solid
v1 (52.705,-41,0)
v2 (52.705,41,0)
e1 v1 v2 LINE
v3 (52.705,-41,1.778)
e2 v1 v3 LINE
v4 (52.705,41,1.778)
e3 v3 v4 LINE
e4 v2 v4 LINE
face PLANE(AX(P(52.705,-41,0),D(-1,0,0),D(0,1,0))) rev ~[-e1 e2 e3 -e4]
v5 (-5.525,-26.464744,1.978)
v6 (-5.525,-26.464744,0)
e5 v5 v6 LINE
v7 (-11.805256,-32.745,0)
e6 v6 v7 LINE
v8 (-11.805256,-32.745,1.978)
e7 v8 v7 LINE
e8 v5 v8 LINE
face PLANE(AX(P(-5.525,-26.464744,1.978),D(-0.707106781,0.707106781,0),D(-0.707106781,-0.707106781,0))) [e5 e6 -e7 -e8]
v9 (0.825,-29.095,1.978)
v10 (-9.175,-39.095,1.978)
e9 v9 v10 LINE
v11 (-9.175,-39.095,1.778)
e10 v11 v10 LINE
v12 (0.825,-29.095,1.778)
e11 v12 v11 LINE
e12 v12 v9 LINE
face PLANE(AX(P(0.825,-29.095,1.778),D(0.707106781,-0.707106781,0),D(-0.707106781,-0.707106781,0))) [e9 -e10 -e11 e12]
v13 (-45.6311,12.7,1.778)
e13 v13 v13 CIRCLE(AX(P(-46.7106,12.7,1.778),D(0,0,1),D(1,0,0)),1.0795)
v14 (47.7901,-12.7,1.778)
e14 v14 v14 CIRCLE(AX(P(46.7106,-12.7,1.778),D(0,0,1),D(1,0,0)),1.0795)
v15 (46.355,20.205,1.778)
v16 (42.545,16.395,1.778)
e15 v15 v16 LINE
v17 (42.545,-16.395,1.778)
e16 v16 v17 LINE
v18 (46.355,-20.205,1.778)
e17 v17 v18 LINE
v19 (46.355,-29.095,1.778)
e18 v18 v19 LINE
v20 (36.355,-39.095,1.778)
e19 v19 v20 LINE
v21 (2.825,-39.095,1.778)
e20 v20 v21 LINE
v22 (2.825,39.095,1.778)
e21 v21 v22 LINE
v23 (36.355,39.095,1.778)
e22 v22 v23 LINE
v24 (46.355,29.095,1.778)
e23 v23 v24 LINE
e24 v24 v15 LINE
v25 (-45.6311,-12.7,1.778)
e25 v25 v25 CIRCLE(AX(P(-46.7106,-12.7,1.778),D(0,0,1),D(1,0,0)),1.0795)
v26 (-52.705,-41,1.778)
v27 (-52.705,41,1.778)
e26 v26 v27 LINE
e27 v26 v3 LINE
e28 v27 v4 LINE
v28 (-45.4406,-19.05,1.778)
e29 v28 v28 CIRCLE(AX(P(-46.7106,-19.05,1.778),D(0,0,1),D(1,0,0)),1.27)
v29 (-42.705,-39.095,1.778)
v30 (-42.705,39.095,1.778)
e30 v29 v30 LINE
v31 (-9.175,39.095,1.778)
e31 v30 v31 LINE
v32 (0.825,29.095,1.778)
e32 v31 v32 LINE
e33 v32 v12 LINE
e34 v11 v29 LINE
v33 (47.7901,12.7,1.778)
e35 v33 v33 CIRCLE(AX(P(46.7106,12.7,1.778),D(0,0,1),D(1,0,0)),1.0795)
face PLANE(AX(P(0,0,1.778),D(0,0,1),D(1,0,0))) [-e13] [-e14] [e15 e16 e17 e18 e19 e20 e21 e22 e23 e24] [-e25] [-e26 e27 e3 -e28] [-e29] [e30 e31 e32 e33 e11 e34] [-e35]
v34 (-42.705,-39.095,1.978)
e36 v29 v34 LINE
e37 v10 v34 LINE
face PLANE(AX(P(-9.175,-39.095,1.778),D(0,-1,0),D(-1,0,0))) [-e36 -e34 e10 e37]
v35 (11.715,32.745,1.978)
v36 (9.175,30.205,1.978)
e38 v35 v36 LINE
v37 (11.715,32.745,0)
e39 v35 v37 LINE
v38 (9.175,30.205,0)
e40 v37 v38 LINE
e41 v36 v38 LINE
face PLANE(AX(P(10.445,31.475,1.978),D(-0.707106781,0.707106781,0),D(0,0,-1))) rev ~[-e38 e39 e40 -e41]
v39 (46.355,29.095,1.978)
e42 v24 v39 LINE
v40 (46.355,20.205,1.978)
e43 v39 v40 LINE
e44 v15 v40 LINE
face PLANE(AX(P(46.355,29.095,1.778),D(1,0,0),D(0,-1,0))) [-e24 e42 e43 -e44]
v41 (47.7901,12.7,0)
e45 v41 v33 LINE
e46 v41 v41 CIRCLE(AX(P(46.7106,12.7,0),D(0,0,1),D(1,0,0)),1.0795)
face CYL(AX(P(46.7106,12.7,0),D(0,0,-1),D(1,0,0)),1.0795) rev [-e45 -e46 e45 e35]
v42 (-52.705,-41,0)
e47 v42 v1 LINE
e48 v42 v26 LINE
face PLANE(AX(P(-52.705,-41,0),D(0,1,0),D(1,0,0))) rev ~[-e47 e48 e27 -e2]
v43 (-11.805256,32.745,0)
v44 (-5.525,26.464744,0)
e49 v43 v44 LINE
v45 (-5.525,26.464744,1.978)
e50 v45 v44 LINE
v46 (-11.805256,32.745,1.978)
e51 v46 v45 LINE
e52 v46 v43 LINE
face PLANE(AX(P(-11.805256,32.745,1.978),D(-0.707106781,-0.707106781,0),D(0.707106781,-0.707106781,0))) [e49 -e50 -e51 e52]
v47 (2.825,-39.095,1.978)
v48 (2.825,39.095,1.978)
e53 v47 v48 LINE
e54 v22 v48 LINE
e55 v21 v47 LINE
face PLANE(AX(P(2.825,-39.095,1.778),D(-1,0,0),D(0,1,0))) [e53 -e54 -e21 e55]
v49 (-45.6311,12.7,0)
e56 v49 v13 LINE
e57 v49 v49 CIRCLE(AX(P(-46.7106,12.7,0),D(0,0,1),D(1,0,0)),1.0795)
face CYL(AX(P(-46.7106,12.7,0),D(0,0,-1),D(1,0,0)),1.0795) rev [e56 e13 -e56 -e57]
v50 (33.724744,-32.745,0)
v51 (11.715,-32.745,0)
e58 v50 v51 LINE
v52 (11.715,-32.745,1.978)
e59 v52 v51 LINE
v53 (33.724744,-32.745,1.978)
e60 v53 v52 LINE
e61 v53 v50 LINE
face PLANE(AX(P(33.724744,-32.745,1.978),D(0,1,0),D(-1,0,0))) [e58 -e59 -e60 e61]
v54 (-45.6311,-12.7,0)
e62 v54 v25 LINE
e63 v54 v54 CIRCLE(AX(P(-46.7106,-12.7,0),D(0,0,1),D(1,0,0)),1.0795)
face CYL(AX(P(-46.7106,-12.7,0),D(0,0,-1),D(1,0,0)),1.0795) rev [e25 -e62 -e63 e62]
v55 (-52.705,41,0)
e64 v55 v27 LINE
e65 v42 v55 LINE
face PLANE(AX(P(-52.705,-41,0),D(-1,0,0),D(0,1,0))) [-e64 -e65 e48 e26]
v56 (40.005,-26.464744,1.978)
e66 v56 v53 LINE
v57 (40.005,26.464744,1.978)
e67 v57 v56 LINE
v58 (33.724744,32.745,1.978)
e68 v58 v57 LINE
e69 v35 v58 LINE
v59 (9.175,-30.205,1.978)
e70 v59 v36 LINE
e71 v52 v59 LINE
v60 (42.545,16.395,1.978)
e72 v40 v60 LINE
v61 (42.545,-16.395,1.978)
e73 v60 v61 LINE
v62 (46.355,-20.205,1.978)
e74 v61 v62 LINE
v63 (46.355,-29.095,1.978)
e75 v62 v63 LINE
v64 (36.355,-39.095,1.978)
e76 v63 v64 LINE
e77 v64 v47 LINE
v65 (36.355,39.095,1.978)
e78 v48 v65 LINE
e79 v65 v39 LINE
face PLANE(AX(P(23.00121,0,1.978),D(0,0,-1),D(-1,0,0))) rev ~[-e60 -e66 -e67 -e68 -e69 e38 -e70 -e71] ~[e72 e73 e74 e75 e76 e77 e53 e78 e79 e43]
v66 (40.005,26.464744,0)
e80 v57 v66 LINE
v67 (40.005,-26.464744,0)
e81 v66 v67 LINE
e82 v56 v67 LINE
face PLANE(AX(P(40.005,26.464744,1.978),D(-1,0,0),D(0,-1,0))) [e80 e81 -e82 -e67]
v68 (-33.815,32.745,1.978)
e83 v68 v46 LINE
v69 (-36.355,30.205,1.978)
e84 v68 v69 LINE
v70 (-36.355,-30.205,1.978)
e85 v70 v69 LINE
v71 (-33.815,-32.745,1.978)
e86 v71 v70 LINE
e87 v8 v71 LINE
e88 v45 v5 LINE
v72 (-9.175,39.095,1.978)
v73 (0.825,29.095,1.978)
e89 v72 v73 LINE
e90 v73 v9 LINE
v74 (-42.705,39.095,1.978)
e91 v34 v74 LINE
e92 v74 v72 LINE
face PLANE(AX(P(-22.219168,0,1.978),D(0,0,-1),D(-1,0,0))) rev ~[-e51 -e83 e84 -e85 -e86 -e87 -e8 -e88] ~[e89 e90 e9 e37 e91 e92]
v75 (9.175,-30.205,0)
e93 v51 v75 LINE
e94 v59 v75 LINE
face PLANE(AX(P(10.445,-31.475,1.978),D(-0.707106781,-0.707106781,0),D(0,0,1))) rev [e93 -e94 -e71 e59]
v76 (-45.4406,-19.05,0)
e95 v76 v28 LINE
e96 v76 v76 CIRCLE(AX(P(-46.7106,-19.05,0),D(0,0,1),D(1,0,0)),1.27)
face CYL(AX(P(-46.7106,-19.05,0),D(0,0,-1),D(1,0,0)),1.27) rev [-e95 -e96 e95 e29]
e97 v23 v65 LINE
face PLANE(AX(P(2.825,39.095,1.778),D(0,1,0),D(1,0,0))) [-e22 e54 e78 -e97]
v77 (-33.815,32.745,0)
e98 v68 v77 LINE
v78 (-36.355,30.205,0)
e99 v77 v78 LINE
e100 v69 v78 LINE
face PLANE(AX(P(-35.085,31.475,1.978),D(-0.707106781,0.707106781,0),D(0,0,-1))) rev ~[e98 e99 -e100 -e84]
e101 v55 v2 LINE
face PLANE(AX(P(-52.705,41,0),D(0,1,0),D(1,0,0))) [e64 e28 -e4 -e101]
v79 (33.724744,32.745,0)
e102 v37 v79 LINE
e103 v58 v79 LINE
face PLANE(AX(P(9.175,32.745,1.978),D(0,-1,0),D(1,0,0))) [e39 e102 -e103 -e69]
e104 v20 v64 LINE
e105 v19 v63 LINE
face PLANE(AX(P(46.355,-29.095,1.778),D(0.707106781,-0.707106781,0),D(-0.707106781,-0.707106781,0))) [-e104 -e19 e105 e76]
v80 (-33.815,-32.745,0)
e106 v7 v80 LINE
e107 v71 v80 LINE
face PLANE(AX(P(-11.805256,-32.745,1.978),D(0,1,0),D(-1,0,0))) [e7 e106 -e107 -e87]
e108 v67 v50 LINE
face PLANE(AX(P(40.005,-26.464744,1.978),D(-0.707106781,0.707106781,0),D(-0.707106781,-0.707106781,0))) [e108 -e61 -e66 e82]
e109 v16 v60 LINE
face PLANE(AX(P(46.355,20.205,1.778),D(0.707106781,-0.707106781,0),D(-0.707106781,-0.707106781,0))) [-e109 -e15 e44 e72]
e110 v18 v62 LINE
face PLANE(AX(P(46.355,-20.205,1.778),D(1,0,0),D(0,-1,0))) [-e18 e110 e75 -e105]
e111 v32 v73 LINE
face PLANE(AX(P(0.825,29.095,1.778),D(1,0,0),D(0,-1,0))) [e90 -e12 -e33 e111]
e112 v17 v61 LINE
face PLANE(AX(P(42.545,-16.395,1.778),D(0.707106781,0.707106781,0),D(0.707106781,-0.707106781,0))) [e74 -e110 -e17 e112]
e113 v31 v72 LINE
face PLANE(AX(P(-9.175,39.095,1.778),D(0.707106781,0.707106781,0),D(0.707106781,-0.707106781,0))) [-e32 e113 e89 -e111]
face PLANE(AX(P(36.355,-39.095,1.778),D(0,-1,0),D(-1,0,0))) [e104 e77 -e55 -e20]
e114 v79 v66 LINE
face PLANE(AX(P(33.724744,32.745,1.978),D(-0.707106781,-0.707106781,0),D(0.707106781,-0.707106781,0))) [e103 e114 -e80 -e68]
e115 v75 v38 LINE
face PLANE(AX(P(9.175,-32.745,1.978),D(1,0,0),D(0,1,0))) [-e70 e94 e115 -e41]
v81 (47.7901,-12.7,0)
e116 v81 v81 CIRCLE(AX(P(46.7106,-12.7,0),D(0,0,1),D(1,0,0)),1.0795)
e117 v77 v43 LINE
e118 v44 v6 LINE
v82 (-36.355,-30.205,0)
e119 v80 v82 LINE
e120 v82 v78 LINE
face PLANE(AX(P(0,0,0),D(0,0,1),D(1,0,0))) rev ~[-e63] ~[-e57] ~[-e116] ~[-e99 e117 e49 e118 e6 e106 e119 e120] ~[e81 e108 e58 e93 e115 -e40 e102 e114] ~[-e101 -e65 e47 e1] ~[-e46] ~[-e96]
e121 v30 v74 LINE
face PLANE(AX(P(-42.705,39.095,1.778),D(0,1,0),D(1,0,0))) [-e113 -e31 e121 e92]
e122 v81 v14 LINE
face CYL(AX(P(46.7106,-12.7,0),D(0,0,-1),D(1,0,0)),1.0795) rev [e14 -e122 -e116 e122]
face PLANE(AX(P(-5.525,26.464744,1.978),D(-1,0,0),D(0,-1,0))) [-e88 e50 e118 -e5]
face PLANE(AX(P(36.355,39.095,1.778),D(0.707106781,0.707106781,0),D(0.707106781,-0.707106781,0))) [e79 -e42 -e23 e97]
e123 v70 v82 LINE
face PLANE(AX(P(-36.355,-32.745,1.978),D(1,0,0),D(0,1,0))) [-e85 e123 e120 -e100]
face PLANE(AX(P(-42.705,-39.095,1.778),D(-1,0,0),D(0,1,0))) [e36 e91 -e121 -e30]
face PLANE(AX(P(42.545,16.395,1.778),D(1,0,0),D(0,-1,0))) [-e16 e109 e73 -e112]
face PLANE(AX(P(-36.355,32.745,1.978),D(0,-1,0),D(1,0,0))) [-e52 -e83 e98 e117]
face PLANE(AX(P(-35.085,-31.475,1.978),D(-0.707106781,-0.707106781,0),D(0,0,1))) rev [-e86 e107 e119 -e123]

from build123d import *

# Parameters (mm, degrees)
SKETCH1_W           = 105.41
SKETCH1_H           = 82
SKETCH1_R           = 1.0795
SKETCH1_R_2         = 1.27
BOSS_EXTRUDE1_DEPTH = 1.778
BOSS_EXTRUDE2_DEPTH = 0.2
CUT_EXTRUDE1_DEPTH  = 2.978
CHAMFER1_SIZE       = 2.54


with BuildPart() as part:
    # Sketch1 → Boss-Extrude1 (new body)
    with BuildSketch(Plane.XY):
        Rectangle(SKETCH1_W, SKETCH1_H)
        with Locations((46.7106, 12.7)):
            Circle(SKETCH1_R, mode=Mode.SUBTRACT)
        with Locations((46.7106, -12.7)):
            Circle(SKETCH1_R, mode=Mode.SUBTRACT)
        with Locations((-46.7106, 12.7)):
            Circle(SKETCH1_R, mode=Mode.SUBTRACT)
        with Locations((-46.7106, -12.7)):
            Circle(SKETCH1_R, mode=Mode.SUBTRACT)
        with Locations((-46.7106, -19.05)):
            Circle(SKETCH1_R_2, mode=Mode.SUBTRACT)
    extrude(amount=BOSS_EXTRUDE1_DEPTH)

    # Sketch2 → Boss-Extrude2 (add)
    with BuildSketch(Plane.XY.offset(1.778)):
        Polygon((-9.175, 39.095), (0.825, 29.095), (0.825, -29.095), (-9.175, -39.095), (-42.705, -39.095), (-42.705, 39.095), align=None)
        Polygon((46.355, 20.205), (42.545, 16.395), (42.545, -16.395), (46.355, -20.205), (46.355, -29.095), (36.355, -39.095), (2.825, -39.095), (2.825, 39.095), (36.355, 39.095), (46.355, 29.095), align=None)
    extrude(amount=BOSS_EXTRUDE2_DEPTH)

    # Sketch3 → Cut-Extrude1 (cut, through all)
    with BuildSketch(Plane.XY.offset(1.978)):
        Polygon((-36.355, -32.745), (-36.355, 32.745), (-11.805256121, 32.745), (-5.525, 26.464743879), (-5.525, -26.464743879), (-11.805256121, -32.745), align=None)
        Polygon((9.175, -32.745), (9.175, 32.745), (33.724743879, 32.745), (40.005, 26.464743879), (40.005, -26.464743879), (33.724743879, -32.745), align=None)
    extrude(amount=-CUT_EXTRUDE1_DEPTH, mode=Mode.SUBTRACT)

    # Chamfer1
    chamfer1_edges = [part.edges().sort_by_distance(p)[0] for p in [
        (-36.355, -32.745, 0.989),
        (-36.355, 32.745, 0.989),
        (9.175, -32.745, 0.989),
        (9.175, 32.745, 0.989),
    ]]
    chamfer(chamfer1_edges, length=CHAMFER1_SIZE)


solid = part.part
